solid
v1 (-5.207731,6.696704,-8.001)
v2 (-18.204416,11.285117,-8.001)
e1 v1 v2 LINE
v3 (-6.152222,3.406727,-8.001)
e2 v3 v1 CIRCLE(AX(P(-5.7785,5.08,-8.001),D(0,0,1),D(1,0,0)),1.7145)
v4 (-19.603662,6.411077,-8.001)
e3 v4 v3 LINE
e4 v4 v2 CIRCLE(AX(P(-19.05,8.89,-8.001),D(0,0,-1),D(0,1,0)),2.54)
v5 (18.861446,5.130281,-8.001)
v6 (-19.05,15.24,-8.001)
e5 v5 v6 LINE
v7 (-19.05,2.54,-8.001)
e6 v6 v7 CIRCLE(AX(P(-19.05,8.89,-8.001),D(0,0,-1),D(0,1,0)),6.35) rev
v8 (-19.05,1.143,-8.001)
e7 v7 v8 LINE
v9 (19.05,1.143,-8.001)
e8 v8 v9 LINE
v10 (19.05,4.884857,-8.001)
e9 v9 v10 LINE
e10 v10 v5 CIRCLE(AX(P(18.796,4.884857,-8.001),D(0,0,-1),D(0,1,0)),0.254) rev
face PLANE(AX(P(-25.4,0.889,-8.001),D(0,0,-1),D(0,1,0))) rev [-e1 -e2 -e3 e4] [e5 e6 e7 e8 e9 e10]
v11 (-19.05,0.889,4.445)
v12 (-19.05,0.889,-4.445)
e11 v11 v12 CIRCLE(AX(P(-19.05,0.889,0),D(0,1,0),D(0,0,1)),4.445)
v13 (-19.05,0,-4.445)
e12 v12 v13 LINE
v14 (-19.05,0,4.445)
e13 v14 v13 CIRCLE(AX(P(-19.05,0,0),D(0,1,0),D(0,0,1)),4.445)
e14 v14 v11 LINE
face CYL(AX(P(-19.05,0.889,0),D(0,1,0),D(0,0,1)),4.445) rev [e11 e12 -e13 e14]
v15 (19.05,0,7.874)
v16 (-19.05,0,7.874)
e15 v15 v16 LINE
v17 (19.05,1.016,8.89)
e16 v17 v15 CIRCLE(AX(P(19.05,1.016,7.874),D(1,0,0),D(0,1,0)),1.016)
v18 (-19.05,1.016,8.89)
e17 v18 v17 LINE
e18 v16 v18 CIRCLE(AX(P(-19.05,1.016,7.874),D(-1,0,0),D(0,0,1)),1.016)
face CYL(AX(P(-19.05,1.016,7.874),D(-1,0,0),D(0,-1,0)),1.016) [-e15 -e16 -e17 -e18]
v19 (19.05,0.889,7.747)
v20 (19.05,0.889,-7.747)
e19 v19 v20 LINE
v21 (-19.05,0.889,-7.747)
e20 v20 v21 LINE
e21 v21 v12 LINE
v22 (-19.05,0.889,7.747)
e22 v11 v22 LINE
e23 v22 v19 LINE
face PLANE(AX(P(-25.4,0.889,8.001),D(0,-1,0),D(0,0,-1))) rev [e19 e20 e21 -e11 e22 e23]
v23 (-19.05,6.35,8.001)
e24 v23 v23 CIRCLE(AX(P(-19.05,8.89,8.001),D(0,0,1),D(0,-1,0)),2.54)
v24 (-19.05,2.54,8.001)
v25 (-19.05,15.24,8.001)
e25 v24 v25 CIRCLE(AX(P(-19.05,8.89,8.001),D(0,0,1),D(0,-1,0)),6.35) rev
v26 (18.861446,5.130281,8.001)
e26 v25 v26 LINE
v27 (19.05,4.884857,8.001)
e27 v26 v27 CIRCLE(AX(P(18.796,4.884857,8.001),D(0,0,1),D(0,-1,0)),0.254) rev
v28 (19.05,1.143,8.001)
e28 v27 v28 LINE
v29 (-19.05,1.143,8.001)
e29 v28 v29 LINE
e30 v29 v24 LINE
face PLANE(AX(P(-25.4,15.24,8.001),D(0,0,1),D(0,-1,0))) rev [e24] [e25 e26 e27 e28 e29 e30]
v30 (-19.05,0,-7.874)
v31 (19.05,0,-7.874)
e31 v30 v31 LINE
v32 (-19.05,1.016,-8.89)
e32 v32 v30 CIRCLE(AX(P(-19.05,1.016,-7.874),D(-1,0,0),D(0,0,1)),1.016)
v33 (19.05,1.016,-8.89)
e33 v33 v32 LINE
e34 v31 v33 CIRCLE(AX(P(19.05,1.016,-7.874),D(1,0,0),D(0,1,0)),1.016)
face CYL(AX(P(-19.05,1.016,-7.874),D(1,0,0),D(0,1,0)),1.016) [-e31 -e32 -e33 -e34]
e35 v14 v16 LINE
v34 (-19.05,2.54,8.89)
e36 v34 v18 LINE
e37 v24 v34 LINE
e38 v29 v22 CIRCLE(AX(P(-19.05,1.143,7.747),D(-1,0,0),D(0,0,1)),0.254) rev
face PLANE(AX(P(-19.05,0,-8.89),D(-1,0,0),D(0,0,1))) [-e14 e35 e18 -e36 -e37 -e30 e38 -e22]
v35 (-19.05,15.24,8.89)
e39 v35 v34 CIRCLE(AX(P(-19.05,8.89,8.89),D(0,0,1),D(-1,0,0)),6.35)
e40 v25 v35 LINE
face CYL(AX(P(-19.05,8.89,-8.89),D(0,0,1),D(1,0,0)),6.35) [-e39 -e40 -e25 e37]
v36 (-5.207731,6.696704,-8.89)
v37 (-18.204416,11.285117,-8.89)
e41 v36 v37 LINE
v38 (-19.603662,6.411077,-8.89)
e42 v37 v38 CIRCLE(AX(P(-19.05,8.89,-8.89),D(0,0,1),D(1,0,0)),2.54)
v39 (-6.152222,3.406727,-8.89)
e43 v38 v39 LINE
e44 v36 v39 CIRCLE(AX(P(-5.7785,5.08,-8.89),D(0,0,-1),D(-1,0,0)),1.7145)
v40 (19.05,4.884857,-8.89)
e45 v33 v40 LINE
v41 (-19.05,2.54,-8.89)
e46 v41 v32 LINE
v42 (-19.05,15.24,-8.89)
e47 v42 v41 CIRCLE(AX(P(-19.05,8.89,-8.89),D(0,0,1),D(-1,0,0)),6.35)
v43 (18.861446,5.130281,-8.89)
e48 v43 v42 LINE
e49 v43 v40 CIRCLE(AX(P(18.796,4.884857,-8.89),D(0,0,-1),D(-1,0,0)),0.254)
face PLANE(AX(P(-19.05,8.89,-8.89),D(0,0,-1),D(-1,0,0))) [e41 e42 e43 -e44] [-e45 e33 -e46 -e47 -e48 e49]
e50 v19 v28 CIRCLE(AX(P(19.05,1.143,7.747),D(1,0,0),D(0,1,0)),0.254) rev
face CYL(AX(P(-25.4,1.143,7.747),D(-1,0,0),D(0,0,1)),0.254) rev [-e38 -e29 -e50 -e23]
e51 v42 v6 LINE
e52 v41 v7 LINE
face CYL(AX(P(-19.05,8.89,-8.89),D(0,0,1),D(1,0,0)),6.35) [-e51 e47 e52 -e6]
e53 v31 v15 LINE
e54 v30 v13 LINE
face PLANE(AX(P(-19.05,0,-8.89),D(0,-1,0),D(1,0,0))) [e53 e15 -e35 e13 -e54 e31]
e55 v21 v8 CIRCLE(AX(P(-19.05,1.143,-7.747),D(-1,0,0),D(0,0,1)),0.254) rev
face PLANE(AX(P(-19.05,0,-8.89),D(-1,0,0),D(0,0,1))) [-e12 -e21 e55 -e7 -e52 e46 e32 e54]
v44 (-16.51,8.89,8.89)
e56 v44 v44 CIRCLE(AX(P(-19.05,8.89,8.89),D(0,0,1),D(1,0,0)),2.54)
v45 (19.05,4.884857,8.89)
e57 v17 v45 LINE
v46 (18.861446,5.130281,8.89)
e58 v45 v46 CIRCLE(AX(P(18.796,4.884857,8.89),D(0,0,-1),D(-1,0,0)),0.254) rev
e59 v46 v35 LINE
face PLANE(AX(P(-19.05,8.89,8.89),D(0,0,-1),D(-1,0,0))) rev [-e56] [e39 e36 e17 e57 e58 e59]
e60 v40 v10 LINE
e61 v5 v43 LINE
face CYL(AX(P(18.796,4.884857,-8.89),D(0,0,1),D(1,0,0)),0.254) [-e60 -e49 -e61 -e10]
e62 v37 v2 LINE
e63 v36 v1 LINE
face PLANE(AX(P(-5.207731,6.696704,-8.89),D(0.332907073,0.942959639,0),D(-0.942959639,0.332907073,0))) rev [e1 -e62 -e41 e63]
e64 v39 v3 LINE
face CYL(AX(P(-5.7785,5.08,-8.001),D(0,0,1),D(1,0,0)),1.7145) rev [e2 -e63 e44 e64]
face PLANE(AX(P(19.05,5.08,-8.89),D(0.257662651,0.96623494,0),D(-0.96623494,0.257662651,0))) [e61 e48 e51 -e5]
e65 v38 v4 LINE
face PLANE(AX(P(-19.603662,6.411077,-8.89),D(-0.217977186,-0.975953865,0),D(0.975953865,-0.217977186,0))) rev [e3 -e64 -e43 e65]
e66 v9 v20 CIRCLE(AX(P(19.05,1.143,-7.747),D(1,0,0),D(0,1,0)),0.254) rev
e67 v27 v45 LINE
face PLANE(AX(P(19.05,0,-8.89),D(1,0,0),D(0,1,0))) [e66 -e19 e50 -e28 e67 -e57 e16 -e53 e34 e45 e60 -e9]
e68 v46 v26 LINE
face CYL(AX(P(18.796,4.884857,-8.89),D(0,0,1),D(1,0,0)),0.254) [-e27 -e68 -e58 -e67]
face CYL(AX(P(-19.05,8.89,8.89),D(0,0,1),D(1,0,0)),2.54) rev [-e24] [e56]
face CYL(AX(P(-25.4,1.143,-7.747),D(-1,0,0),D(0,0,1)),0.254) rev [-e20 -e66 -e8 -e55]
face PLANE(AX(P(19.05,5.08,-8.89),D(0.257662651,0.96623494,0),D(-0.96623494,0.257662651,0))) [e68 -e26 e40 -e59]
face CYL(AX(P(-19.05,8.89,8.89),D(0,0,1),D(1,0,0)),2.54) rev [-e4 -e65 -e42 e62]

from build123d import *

# Parameters (mm, degrees)
EXTRUDED_BOSS_FRONT_PLANE_WING_DEPTH      = 8.89
EXTRUDED_BOSS_FRONT_PLANE_WING_DEPTH_BACK = 8.89
EXTRUDED_CUT_RIGHT_PLANE_WING_DEPTH       = 31.926520981
EXTRUDED_CUT_RIGHT_PLANE_WING_DEPTH_BACK  = 31.926520981
SKETCH3_W                                 = 16.002
SKETCH3_H                                 = 14.351
F_2X_0_2D_HOLES_D                         = 5.08
F_0_35D_HOLE_D                            = 8.89
F_0_135D_HOLE_D                           = 3.429
F_0_135D_HOLE_DEPTH                       = 0.889
F_0_2D_0_135D_HOLE_CONNECTING_CUT_DEPTH   = 35.098731369
INNER_CONNECTING_FILLET_R                 = 0.254
OUTTER_CONNECTING_FILLET_R                = 1.016


with BuildPart() as part:
    # Sketch2 → Extruded Boss Front Plane Wing (new, two sides: drawn at the far end of the back side and taken through both)
    with BuildSketch(Plane.XY.offset(-EXTRUDED_BOSS_FRONT_PLANE_WING_DEPTH_BACK)):
        with BuildLine():
            Line((-19.05, 0), (19.05, 0))
            Line((19.05, 0), (19.05, 5.08))
            Line((19.05, 5.08), (-19.05, 15.24))
            ThreePointArc((-19.05, 15.24), (-25.4, 8.89), (-19.05, 2.54))
            Line((-19.05, 2.54), (-19.05, 0))
        make_face()
    extrude(amount=EXTRUDED_BOSS_FRONT_PLANE_WING_DEPTH + EXTRUDED_BOSS_FRONT_PLANE_WING_DEPTH_BACK)

    # Sketch3 → Extruded Cut Right Plane Wing (cut, two sides: drawn at the far end of the back side and taken through both)
    with BuildSketch(Plane(origin=(0, 0, 0), x_dir=(0, 0, -1), z_dir=(1, 0, 0)).offset(-EXTRUDED_CUT_RIGHT_PLANE_WING_DEPTH_BACK)):
        with Locations((0, 8.0645)):
            Rectangle(SKETCH3_W, SKETCH3_H)
    extrude(amount=EXTRUDED_CUT_RIGHT_PLANE_WING_DEPTH + EXTRUDED_CUT_RIGHT_PLANE_WING_DEPTH_BACK, mode=Mode.SUBTRACT)

    # 2X 0.2D Holes (through all)
    with Locations(Plane.XY.offset(8.89)):
        with Locations((-19.05, 8.89)):
            Hole(F_2X_0_2D_HOLES_D / 2)

    # 0.35D Hole (through all)
    with Locations(Plane(origin=(0, 0.889, 0), x_dir=(1, 0, 0), z_dir=(0, 1, 0))):
        with Locations((-19.05, 0)):
            Hole(F_0_35D_HOLE_D / 2)

    # 0.135D Hole
    with Locations(Plane.XY.offset(-8.001)):
        with Locations((-5.7785, 5.08)):
            Hole(F_0_135D_HOLE_D / 2, depth=F_0_135D_HOLE_DEPTH)

    # Sketch14 → 0.2D-0.135D Hole Connecting Cut (cut, through all)
    with BuildSketch(Plane.XY.offset(-8.001)):
        Polygon((-19.603662053, 6.411077183), (-6.152221886, 3.406727099), (-5.207730823, 6.696704301), (-18.204416034, 11.285117483), align=None)
    extrude(amount=-F_0_2D_0_135D_HOLE_CONNECTING_CUT_DEPTH, mode=Mode.SUBTRACT)

    # Inner Connecting Fillet
    inner_connecting_fillet_edges = [part.edges().sort_by_distance(p)[0] for p in [
        (19.05, 5.08, 8.4455),
        (0, 0.889, -8.001),
        (0, 0.889, 8.001),
        (19.05, 5.08, -8.4455),
    ]]
    fillet(inner_connecting_fillet_edges, radius=INNER_CONNECTING_FILLET_R)

    # Outter Connecting Fillet
    outter_connecting_fillet_edges = [part.edges().sort_by_distance(p)[0] for p in [
        (0, 0, 8.89),
        (0, 0, -8.89),
    ]]
    fillet(outter_connecting_fillet_edges, radius=OUTTER_CONNECTING_FILLET_R)


solid = part.part
